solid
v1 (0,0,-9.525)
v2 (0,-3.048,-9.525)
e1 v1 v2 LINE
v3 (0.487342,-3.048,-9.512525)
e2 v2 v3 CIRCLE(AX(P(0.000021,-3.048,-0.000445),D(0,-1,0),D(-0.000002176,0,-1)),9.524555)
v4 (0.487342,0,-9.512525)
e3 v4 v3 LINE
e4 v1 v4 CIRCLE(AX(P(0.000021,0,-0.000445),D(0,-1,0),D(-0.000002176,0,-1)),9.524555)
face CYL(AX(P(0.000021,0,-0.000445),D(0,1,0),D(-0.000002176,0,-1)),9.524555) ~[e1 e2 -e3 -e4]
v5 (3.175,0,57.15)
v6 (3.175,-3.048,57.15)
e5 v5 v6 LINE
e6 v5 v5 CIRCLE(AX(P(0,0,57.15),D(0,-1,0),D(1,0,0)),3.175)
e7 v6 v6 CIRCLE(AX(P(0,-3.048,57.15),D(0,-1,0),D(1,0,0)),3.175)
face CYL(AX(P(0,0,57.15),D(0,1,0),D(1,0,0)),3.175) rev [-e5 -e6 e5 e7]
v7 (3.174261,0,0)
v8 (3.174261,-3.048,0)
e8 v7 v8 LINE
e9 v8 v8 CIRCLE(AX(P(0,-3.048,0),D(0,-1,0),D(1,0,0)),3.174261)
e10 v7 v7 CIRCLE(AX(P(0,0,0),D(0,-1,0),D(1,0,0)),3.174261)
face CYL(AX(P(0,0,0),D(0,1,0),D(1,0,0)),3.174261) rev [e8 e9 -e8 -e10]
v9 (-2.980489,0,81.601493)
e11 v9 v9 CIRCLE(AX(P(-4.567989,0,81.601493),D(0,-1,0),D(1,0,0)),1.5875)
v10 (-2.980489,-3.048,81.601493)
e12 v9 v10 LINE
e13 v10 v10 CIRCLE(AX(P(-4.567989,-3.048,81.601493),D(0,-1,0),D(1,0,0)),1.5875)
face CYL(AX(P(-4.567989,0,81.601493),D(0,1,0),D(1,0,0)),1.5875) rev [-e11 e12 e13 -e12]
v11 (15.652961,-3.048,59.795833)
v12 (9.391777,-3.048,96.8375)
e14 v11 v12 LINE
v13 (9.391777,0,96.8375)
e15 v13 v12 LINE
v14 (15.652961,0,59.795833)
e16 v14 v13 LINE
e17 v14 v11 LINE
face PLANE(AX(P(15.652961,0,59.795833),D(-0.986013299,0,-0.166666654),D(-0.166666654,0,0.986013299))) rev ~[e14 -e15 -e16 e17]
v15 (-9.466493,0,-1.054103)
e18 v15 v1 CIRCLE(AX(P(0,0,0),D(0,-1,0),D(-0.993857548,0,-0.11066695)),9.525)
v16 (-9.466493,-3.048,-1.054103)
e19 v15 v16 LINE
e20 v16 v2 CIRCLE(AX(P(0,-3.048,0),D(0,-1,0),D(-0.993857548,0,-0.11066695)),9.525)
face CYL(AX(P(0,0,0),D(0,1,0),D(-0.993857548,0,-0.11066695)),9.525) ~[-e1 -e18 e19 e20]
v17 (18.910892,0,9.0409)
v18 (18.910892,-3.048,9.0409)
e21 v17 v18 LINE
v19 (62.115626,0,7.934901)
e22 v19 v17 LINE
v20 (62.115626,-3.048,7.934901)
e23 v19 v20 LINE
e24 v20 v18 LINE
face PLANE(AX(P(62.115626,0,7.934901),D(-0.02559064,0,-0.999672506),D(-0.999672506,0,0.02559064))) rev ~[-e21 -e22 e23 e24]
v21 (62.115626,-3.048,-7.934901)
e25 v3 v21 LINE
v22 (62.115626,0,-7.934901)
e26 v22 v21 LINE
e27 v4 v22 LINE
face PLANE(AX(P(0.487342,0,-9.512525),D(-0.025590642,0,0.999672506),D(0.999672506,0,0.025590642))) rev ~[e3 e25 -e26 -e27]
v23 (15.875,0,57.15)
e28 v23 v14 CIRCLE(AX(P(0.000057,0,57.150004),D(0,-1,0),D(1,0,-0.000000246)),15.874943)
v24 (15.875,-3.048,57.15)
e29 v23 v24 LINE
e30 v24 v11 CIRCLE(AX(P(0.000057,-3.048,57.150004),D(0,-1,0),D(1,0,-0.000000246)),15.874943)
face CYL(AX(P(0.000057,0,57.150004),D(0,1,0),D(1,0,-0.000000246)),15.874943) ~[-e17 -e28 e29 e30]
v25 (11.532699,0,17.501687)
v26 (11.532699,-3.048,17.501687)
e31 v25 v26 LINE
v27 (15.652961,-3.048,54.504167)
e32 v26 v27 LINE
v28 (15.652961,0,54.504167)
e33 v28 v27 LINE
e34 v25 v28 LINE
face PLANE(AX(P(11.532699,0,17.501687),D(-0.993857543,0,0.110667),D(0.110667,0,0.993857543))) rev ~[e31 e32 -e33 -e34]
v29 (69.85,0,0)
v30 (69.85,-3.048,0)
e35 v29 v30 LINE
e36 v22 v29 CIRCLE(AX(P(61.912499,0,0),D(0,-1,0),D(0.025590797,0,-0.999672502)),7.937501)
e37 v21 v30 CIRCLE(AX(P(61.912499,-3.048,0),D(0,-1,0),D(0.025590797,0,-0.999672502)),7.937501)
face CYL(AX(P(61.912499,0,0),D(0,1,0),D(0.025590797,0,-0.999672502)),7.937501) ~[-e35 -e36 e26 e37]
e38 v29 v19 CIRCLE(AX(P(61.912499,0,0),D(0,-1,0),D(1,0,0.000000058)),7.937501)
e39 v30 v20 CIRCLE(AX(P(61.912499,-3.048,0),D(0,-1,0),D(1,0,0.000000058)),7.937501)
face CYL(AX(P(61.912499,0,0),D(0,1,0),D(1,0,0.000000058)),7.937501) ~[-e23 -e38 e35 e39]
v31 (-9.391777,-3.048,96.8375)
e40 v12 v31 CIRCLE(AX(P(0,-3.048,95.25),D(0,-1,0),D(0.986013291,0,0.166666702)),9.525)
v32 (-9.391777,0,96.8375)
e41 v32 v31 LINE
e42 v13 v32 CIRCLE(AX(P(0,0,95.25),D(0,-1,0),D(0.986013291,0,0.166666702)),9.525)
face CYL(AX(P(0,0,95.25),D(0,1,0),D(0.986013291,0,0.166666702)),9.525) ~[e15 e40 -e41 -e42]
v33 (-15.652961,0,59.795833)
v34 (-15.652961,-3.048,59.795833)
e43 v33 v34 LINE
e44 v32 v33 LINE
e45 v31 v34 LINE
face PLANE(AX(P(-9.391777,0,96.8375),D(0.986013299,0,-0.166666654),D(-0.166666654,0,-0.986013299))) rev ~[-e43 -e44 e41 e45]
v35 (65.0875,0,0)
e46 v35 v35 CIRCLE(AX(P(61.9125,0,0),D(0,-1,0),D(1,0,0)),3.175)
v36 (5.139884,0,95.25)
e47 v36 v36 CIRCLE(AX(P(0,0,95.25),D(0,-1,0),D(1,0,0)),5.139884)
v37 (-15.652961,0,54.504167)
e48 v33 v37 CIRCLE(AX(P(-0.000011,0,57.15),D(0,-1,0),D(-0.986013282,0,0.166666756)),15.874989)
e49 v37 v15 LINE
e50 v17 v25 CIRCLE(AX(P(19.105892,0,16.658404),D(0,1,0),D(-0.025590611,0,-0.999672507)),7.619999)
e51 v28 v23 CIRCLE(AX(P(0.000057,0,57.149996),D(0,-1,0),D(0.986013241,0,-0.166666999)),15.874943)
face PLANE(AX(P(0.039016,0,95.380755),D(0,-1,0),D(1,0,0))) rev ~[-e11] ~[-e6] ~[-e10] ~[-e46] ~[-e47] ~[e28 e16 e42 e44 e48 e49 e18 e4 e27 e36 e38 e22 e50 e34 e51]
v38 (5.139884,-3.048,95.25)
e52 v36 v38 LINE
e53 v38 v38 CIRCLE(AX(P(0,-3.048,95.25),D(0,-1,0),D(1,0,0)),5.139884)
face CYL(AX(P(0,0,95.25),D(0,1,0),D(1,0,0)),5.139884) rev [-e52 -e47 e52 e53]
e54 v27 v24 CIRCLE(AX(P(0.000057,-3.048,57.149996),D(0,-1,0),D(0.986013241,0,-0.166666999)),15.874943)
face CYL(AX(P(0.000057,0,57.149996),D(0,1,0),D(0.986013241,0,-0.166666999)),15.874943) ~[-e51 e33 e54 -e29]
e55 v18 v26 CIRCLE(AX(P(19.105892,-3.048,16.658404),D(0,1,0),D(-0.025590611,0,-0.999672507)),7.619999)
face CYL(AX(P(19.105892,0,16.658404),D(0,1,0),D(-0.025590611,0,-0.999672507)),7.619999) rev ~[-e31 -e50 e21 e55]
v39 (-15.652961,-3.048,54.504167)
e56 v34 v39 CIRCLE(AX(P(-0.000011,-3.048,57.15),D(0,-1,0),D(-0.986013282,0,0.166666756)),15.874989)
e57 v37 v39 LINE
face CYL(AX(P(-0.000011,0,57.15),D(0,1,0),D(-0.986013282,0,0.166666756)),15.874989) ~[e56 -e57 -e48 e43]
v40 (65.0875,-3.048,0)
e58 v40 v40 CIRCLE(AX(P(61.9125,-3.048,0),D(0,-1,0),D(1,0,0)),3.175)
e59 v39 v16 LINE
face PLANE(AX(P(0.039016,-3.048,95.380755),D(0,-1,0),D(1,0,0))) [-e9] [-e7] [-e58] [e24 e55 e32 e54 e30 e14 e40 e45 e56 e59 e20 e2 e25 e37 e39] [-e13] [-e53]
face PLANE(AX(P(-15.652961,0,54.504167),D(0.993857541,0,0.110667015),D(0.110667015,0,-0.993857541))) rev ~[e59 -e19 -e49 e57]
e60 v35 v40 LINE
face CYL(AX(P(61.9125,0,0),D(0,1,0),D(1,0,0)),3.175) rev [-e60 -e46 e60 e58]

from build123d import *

# Parameters (mm, degrees)
F0_R     = 5.139884
F0_R_2   = 1.5875
F0_R_3   = 3.175
F0_R_4   = 3.174261
F1_DEPTH = 3.048


with BuildPart() as f1:
    # F0 (on Front) → F1 (new body)
    with BuildSketch(Plane.XZ):
        with BuildLine():
            ThreePointArc((-9.391777, 96.8375), (-0.79654, 85.758364), (9.525, 95.25))
            ThreePointArc((9.525, 95.25), (9.491636, 96.04654), (9.391777, 96.8375))
            ThreePointArc((9.391777, 96.8375), (0, 104.775), (-9.391777, 96.8375))
        make_face()
        with Locations((0, 95.25)):
            Circle(F0_R, mode=Mode.SUBTRACT)
        with BuildLine():
            ThreePointArc((9.391777, 96.8375), (9.491636, 96.04654), (9.525, 95.25))
            ThreePointArc((9.525, 95.25), (-0.79654, 85.758364), (-9.391777, 96.8375))
            Line((-9.391777, 96.8375), (-15.652961, 59.795833))
            ThreePointArc((-15.652961, 59.795833), (0, 73.025), (15.652961, 59.795833))
            Line((15.652961, 59.795833), (9.391777, 96.8375))
        make_face()
        with Locations((-4.567989, 81.601493)):
            Circle(F0_R_2, mode=Mode.SUBTRACT)
        with BuildLine():
            ThreePointArc((15.875, 57.15), (15.819393, 58.477567), (15.652961, 59.795833))
            ThreePointArc((15.652961, 59.795833), (0, 73.025), (-15.652961, 59.795833))
            ThreePointArc((-15.652961, 59.795833), (-15.875, 57.15), (-15.652961, 54.504167))
            ThreePointArc((-15.652961, 54.504167), (0, 41.275), (15.652961, 54.504167))
            ThreePointArc((15.652961, 54.504167), (15.819393, 55.822433), (15.875, 57.15))
        make_face()
        with Locations((0, 57.15)):
            Circle(F0_R_3, mode=Mode.SUBTRACT)
        with BuildLine():
            ThreePointArc((15.652961, 54.504167), (0, 41.275), (-15.652961, 54.504167))
            Line((-15.652961, 54.504167), (-9.466493, -1.054103))
            ThreePointArc((-9.466493, -1.054103), (-0.527863, 9.510362), (9.525, 0))
            ThreePointArc((9.525, 0), (6.905344, -6.560628), (0.487342, -9.512525))
            Line((0.487342, -9.512525), (62.115626, -7.934901))
            ThreePointArc((62.115626, -7.934901), (53.975, 0), (62.115626, 7.934901))
            Line((62.115626, 7.934901), (18.910892, 9.0409))
            ThreePointArc((18.910892, 9.0409), (13.362859, 11.650215), (11.532699, 17.501687))
            Line((11.532699, 17.501687), (15.652961, 54.504167))
        make_face()
        with BuildLine():
            ThreePointArc((9.525, 0), (-0.527863, 9.510362), (-9.466493, -1.054103))
            ThreePointArc((-9.466493, -1.054103), (-6.351586, -7.098097), (0, -9.525))
            Line((0, -9.525), (0.487342, -9.512525))
            ThreePointArc((0.487342, -9.512525), (6.905344, -6.560628), (9.525, 0))
        make_face()
        Circle(F0_R_4, mode=Mode.SUBTRACT)
        with BuildLine():
            Line((0.487342, -9.512525), (0, -9.525))
            ThreePointArc((0, -9.525), (0.243751, -9.521881), (0.487342, -9.512525))
        make_face()
        with BuildLine():
            ThreePointArc((69.85, 0), (67.596522, 5.540379), (62.115626, 7.934901))
            ThreePointArc((62.115626, 7.934901), (53.975, 0), (62.115626, -7.934901))
            ThreePointArc((62.115626, -7.934901), (67.596522, -5.540379), (69.85, 0))
        make_face()
        with Locations((61.9125, 0)):
            Circle(F0_R_3, mode=Mode.SUBTRACT)
    extrude(amount=F1_DEPTH)


solid = f1.part
